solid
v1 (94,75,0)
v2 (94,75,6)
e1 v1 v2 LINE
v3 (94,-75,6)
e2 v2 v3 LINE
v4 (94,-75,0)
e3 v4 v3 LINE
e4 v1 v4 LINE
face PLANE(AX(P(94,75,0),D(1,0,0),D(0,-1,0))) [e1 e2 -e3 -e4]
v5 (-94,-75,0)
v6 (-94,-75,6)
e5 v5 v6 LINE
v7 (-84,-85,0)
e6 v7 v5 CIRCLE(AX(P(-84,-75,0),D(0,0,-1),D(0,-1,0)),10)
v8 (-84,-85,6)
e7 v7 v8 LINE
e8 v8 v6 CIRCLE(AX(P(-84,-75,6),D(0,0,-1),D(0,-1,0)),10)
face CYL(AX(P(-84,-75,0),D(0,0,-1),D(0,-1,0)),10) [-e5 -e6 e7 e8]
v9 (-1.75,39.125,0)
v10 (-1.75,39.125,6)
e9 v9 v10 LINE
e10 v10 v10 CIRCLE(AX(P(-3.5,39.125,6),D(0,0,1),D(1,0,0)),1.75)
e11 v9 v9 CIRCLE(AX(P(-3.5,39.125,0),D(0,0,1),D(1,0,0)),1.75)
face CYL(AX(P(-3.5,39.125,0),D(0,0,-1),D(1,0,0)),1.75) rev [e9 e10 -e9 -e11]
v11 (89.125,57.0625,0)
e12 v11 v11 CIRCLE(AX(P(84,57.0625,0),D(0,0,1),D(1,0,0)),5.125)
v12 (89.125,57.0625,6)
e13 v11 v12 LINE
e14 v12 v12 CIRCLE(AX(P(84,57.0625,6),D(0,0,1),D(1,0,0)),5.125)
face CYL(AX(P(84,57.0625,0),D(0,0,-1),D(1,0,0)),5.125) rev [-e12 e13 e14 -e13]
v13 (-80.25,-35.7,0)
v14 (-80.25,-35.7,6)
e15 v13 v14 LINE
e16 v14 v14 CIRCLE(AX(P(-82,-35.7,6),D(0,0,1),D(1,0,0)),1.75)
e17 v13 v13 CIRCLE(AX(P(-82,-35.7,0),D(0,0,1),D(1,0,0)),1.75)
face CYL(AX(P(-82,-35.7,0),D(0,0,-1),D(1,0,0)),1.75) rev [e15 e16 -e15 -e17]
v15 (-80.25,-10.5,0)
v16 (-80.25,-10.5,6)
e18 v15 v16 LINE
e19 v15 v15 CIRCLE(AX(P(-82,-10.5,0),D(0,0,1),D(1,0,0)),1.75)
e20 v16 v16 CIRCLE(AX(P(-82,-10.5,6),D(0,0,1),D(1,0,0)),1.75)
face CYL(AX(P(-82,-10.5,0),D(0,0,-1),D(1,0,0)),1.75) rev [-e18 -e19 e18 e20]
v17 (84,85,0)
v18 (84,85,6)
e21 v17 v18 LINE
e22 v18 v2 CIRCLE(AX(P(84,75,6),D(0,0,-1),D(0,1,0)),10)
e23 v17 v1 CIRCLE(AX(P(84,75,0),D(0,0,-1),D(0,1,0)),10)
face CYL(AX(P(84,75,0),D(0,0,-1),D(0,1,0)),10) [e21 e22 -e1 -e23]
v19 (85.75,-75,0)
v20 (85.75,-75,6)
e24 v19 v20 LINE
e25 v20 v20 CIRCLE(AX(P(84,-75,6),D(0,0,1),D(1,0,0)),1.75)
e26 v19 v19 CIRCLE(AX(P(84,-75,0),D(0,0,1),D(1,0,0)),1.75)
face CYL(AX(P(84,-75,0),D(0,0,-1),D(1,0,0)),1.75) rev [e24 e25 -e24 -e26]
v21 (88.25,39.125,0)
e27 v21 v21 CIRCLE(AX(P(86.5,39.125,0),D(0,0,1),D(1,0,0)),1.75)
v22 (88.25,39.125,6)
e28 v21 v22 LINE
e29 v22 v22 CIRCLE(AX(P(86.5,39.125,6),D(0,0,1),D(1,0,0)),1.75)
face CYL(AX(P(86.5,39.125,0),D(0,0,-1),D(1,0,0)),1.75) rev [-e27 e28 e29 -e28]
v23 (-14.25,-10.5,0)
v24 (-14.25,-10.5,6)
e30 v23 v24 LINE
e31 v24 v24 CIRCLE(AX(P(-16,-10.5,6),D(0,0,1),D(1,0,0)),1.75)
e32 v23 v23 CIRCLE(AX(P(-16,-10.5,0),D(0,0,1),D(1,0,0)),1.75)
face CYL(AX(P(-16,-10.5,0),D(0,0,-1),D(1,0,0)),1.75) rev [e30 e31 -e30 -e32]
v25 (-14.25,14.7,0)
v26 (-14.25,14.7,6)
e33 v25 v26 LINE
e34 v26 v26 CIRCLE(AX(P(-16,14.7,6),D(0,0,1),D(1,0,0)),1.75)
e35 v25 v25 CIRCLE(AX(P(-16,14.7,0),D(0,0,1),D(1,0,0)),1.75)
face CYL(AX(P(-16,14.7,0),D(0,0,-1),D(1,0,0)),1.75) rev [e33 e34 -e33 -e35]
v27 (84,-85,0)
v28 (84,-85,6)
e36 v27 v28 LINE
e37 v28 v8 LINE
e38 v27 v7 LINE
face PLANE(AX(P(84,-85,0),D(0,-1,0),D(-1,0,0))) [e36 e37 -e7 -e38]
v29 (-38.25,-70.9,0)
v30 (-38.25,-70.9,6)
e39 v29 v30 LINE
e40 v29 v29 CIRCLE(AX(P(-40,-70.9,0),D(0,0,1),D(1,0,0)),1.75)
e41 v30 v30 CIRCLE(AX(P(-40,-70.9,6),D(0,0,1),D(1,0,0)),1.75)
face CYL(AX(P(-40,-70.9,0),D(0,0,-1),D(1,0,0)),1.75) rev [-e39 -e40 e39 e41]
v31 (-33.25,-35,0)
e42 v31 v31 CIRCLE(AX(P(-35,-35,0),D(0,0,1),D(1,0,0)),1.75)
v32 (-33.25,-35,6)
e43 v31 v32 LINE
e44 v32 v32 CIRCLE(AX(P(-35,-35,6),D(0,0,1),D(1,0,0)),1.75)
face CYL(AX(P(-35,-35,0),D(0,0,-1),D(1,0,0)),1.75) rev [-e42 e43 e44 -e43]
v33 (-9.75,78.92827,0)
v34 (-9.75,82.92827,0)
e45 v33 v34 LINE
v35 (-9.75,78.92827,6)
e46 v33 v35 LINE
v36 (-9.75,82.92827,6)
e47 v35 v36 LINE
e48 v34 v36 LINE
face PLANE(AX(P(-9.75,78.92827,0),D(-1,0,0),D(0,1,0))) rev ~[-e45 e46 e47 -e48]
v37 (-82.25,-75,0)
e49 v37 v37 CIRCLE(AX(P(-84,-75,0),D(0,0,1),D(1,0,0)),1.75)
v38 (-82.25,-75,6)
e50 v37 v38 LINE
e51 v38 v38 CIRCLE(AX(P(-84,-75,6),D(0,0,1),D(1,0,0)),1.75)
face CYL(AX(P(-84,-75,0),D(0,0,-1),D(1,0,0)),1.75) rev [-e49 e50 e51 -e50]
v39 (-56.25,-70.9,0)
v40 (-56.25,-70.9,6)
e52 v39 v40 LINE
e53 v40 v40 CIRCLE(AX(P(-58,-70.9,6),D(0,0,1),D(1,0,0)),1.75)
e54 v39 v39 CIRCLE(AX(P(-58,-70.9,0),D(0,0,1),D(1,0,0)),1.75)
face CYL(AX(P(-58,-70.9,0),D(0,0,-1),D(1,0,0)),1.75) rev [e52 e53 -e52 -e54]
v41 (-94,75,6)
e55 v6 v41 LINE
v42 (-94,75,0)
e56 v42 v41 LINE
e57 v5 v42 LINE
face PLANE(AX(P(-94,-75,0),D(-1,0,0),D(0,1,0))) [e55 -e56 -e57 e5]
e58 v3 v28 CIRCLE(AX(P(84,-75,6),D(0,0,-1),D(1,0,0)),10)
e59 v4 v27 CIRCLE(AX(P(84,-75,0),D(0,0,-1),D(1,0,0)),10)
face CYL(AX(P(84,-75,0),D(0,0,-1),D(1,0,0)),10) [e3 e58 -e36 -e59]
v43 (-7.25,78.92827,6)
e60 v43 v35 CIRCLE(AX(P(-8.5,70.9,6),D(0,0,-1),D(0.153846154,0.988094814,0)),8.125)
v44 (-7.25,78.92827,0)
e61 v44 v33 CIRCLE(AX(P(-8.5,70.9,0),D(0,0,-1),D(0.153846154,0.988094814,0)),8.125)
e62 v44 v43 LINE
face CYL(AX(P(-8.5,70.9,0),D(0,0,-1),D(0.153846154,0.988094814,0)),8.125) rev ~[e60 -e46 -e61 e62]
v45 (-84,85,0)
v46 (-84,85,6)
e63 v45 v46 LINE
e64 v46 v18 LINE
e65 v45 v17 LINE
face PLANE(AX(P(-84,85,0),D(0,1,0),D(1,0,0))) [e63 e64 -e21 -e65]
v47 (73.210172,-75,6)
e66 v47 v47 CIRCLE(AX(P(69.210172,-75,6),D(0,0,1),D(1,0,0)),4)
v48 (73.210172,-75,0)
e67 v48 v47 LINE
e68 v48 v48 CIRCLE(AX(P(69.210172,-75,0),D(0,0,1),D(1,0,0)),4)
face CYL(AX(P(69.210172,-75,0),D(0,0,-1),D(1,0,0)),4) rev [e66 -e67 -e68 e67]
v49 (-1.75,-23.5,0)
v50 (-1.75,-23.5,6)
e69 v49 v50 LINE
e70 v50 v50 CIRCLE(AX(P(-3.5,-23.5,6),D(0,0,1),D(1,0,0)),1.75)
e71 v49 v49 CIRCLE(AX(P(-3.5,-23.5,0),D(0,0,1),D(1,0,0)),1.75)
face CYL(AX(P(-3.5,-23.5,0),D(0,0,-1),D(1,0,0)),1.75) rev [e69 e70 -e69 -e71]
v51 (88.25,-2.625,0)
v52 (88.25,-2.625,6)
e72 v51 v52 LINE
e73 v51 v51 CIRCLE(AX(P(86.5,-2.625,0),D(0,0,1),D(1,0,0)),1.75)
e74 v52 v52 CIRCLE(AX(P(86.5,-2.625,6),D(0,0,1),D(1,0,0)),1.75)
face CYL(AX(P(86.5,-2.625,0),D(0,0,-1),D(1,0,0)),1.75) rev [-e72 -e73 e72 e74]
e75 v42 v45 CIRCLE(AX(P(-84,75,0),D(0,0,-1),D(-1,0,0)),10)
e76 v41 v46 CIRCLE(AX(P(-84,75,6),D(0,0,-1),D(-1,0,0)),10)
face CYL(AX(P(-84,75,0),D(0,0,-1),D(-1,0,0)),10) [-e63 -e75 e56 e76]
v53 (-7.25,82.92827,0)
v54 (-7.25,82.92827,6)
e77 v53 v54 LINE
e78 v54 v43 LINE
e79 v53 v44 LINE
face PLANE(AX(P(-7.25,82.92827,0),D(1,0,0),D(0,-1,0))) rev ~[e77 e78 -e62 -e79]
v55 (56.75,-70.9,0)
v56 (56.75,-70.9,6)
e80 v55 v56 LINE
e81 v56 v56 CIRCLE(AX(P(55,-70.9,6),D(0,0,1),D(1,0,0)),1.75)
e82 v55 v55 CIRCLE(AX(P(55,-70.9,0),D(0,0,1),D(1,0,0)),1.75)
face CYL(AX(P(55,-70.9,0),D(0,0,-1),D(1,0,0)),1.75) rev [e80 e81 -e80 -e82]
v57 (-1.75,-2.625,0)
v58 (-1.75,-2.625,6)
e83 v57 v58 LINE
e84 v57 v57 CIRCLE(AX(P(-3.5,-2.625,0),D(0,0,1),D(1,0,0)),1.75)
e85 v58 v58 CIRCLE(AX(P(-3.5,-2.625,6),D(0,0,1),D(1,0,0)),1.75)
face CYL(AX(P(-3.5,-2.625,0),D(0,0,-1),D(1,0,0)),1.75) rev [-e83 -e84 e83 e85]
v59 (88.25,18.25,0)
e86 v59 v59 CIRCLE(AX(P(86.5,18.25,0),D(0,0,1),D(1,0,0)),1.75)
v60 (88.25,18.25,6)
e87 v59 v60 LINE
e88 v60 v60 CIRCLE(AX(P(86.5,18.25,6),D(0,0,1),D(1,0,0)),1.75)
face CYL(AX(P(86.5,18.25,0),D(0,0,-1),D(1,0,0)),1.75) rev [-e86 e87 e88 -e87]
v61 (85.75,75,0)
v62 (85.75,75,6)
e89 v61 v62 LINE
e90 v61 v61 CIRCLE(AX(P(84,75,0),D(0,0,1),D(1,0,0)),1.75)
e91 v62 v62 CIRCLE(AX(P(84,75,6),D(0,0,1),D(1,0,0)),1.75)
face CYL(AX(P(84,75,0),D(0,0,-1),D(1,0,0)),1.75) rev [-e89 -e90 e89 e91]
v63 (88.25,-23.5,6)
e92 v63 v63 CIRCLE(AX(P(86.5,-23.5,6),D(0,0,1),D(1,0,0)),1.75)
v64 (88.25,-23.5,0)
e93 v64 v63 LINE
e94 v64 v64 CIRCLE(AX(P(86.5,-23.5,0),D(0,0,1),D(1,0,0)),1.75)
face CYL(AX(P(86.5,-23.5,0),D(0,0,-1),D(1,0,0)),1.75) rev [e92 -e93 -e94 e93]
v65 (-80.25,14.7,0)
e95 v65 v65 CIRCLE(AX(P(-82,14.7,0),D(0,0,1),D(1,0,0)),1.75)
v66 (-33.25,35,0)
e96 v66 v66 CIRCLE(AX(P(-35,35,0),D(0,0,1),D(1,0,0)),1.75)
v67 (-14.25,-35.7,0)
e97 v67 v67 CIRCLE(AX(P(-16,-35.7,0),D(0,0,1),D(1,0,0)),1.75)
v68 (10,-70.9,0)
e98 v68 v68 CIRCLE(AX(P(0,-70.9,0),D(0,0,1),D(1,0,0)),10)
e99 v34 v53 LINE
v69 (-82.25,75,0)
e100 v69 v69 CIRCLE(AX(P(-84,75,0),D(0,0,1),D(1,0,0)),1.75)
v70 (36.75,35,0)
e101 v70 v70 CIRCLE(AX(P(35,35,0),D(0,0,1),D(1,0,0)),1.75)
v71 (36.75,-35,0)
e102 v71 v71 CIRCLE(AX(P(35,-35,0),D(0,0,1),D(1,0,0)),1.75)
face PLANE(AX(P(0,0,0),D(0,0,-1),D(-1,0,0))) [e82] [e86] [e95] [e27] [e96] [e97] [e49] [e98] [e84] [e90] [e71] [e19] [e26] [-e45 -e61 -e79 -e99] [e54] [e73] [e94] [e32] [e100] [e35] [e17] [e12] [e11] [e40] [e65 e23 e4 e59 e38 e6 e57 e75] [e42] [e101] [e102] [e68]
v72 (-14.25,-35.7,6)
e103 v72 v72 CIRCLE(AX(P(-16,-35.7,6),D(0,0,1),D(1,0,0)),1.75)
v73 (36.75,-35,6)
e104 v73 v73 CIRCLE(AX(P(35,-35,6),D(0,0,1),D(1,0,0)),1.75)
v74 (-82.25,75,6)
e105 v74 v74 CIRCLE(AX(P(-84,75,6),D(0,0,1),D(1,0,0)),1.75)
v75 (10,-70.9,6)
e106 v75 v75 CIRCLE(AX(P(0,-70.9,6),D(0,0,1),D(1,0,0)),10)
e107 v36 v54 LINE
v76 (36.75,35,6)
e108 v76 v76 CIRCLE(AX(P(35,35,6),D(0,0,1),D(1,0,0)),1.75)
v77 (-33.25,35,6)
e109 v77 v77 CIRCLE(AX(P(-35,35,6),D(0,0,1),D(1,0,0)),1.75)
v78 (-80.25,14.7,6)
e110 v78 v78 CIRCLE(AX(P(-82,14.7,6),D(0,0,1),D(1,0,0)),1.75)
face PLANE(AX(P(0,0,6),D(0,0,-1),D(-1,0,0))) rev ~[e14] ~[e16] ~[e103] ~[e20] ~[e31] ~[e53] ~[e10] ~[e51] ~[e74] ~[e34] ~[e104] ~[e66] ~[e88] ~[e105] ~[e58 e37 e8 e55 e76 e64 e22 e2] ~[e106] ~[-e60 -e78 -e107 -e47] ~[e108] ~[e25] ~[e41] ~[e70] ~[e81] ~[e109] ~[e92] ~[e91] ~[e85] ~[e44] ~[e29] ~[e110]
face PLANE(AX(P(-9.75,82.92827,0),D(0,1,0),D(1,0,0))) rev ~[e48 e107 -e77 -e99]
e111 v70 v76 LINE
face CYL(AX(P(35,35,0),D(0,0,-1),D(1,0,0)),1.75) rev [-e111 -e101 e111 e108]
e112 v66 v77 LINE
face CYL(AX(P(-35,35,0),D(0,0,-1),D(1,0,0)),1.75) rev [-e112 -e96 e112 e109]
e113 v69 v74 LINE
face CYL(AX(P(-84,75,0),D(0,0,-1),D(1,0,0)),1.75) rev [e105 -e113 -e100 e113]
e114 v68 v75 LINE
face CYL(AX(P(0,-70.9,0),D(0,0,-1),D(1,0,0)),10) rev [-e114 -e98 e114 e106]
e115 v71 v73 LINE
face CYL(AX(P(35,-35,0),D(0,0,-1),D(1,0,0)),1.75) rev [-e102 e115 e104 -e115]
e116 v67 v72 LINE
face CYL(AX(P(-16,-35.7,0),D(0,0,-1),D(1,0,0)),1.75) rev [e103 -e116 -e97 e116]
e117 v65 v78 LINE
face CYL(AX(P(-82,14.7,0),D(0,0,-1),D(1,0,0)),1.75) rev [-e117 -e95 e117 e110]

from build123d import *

# Parameters (mm, degrees)
ESQUISSE1_R        = 1.75
ESQUISSE1_R_2      = 10
ESQUISSE1_R_3      = 5.125
ESQUISSE1_R_4      = 4
BOSS_EXTRU_1_DEPTH = 6


with BuildPart() as part:
    # Esquisse1 → Boss.-Extru.1 (new body)
    with BuildSketch(Plane.XY):
        with BuildLine():
            Line((-94, -75), (-94, 75))
            ThreePointArc((-94, 75), (-91.071067812, 82.071067812), (-84, 85))
            Line((-84, 85), (84, 85))
            ThreePointArc((84, 85), (91.071067812, 82.071067812), (94, 75))
            Line((94, 75), (94, -75))
            ThreePointArc((94, -75), (91.071067812, -82.071067812), (84, -85))
            Line((84, -85), (-84, -85))
            ThreePointArc((-84, -85), (-91.071067812, -82.071067812), (-94, -75))
        make_face()
        with Locations((-84, 75)):
            Circle(ESQUISSE1_R, mode=Mode.SUBTRACT)
        with Locations((84, 75)):
            Circle(ESQUISSE1_R, mode=Mode.SUBTRACT)
        with Locations((84, -75)):
            Circle(ESQUISSE1_R, mode=Mode.SUBTRACT)
        with Locations((-84, -75)):
            Circle(ESQUISSE1_R, mode=Mode.SUBTRACT)
        with Locations((-82, -35.7)):
            Circle(ESQUISSE1_R, mode=Mode.SUBTRACT)
        with Locations((-82, -10.5)):
            Circle(ESQUISSE1_R, mode=Mode.SUBTRACT)
        with Locations((-82, 14.7)):
            Circle(ESQUISSE1_R, mode=Mode.SUBTRACT)
        with Locations((-16, -35.7)):
            Circle(ESQUISSE1_R, mode=Mode.SUBTRACT)
        with Locations((-3.5, -23.5)):
            Circle(ESQUISSE1_R, mode=Mode.SUBTRACT)
        with Locations((86.5, -23.5)):
            Circle(ESQUISSE1_R, mode=Mode.SUBTRACT)
        with Locations((86.5, -2.625)):
            Circle(ESQUISSE1_R, mode=Mode.SUBTRACT)
        with Locations((86.5, 18.25)):
            Circle(ESQUISSE1_R, mode=Mode.SUBTRACT)
        with Locations((86.5, 39.125)):
            Circle(ESQUISSE1_R, mode=Mode.SUBTRACT)
        with Locations((-3.5, -2.625)):
            Circle(ESQUISSE1_R, mode=Mode.SUBTRACT)
        with Locations((-3.5, 39.125)):
            Circle(ESQUISSE1_R, mode=Mode.SUBTRACT)
        with Locations((-16, -10.5)):
            Circle(ESQUISSE1_R, mode=Mode.SUBTRACT)
        with Locations((-16, 14.7)):
            Circle(ESQUISSE1_R, mode=Mode.SUBTRACT)
        with Locations((-58, -70.9)):
            Circle(ESQUISSE1_R, mode=Mode.SUBTRACT)
        with Locations((-40, -70.9)):
            Circle(ESQUISSE1_R, mode=Mode.SUBTRACT)
        with Locations((55, -70.9)):
            Circle(ESQUISSE1_R, mode=Mode.SUBTRACT)
        with Locations((-35, 35)):
            Circle(ESQUISSE1_R, mode=Mode.SUBTRACT)
        with Locations((35, 35)):
            Circle(ESQUISSE1_R, mode=Mode.SUBTRACT)
        with Locations((35, -35)):
            Circle(ESQUISSE1_R, mode=Mode.SUBTRACT)
        with Locations((-35, -35)):
            Circle(ESQUISSE1_R, mode=Mode.SUBTRACT)
        with Locations((0, -70.9)):
            Circle(ESQUISSE1_R_2, mode=Mode.SUBTRACT)
        with Locations((84, 57.0625)):
            Circle(ESQUISSE1_R_3, mode=Mode.SUBTRACT)
        with Locations((69.210172414, -75)):
            Circle(ESQUISSE1_R_4, mode=Mode.SUBTRACT)
        with BuildLine():
            Line((-9.75, 78.928270362), (-9.75, 82.928270362))
            Line((-9.75, 82.928270362), (-7.25, 82.928270362))
            Line((-7.25, 82.928270362), (-7.25, 78.928270362))
            ThreePointArc((-7.25, 78.928270362), (-8.5, 62.775), (-9.75, 78.928270362))
        make_face(mode=Mode.SUBTRACT)
    extrude(amount=BOSS_EXTRU_1_DEPTH)


solid = part.part
